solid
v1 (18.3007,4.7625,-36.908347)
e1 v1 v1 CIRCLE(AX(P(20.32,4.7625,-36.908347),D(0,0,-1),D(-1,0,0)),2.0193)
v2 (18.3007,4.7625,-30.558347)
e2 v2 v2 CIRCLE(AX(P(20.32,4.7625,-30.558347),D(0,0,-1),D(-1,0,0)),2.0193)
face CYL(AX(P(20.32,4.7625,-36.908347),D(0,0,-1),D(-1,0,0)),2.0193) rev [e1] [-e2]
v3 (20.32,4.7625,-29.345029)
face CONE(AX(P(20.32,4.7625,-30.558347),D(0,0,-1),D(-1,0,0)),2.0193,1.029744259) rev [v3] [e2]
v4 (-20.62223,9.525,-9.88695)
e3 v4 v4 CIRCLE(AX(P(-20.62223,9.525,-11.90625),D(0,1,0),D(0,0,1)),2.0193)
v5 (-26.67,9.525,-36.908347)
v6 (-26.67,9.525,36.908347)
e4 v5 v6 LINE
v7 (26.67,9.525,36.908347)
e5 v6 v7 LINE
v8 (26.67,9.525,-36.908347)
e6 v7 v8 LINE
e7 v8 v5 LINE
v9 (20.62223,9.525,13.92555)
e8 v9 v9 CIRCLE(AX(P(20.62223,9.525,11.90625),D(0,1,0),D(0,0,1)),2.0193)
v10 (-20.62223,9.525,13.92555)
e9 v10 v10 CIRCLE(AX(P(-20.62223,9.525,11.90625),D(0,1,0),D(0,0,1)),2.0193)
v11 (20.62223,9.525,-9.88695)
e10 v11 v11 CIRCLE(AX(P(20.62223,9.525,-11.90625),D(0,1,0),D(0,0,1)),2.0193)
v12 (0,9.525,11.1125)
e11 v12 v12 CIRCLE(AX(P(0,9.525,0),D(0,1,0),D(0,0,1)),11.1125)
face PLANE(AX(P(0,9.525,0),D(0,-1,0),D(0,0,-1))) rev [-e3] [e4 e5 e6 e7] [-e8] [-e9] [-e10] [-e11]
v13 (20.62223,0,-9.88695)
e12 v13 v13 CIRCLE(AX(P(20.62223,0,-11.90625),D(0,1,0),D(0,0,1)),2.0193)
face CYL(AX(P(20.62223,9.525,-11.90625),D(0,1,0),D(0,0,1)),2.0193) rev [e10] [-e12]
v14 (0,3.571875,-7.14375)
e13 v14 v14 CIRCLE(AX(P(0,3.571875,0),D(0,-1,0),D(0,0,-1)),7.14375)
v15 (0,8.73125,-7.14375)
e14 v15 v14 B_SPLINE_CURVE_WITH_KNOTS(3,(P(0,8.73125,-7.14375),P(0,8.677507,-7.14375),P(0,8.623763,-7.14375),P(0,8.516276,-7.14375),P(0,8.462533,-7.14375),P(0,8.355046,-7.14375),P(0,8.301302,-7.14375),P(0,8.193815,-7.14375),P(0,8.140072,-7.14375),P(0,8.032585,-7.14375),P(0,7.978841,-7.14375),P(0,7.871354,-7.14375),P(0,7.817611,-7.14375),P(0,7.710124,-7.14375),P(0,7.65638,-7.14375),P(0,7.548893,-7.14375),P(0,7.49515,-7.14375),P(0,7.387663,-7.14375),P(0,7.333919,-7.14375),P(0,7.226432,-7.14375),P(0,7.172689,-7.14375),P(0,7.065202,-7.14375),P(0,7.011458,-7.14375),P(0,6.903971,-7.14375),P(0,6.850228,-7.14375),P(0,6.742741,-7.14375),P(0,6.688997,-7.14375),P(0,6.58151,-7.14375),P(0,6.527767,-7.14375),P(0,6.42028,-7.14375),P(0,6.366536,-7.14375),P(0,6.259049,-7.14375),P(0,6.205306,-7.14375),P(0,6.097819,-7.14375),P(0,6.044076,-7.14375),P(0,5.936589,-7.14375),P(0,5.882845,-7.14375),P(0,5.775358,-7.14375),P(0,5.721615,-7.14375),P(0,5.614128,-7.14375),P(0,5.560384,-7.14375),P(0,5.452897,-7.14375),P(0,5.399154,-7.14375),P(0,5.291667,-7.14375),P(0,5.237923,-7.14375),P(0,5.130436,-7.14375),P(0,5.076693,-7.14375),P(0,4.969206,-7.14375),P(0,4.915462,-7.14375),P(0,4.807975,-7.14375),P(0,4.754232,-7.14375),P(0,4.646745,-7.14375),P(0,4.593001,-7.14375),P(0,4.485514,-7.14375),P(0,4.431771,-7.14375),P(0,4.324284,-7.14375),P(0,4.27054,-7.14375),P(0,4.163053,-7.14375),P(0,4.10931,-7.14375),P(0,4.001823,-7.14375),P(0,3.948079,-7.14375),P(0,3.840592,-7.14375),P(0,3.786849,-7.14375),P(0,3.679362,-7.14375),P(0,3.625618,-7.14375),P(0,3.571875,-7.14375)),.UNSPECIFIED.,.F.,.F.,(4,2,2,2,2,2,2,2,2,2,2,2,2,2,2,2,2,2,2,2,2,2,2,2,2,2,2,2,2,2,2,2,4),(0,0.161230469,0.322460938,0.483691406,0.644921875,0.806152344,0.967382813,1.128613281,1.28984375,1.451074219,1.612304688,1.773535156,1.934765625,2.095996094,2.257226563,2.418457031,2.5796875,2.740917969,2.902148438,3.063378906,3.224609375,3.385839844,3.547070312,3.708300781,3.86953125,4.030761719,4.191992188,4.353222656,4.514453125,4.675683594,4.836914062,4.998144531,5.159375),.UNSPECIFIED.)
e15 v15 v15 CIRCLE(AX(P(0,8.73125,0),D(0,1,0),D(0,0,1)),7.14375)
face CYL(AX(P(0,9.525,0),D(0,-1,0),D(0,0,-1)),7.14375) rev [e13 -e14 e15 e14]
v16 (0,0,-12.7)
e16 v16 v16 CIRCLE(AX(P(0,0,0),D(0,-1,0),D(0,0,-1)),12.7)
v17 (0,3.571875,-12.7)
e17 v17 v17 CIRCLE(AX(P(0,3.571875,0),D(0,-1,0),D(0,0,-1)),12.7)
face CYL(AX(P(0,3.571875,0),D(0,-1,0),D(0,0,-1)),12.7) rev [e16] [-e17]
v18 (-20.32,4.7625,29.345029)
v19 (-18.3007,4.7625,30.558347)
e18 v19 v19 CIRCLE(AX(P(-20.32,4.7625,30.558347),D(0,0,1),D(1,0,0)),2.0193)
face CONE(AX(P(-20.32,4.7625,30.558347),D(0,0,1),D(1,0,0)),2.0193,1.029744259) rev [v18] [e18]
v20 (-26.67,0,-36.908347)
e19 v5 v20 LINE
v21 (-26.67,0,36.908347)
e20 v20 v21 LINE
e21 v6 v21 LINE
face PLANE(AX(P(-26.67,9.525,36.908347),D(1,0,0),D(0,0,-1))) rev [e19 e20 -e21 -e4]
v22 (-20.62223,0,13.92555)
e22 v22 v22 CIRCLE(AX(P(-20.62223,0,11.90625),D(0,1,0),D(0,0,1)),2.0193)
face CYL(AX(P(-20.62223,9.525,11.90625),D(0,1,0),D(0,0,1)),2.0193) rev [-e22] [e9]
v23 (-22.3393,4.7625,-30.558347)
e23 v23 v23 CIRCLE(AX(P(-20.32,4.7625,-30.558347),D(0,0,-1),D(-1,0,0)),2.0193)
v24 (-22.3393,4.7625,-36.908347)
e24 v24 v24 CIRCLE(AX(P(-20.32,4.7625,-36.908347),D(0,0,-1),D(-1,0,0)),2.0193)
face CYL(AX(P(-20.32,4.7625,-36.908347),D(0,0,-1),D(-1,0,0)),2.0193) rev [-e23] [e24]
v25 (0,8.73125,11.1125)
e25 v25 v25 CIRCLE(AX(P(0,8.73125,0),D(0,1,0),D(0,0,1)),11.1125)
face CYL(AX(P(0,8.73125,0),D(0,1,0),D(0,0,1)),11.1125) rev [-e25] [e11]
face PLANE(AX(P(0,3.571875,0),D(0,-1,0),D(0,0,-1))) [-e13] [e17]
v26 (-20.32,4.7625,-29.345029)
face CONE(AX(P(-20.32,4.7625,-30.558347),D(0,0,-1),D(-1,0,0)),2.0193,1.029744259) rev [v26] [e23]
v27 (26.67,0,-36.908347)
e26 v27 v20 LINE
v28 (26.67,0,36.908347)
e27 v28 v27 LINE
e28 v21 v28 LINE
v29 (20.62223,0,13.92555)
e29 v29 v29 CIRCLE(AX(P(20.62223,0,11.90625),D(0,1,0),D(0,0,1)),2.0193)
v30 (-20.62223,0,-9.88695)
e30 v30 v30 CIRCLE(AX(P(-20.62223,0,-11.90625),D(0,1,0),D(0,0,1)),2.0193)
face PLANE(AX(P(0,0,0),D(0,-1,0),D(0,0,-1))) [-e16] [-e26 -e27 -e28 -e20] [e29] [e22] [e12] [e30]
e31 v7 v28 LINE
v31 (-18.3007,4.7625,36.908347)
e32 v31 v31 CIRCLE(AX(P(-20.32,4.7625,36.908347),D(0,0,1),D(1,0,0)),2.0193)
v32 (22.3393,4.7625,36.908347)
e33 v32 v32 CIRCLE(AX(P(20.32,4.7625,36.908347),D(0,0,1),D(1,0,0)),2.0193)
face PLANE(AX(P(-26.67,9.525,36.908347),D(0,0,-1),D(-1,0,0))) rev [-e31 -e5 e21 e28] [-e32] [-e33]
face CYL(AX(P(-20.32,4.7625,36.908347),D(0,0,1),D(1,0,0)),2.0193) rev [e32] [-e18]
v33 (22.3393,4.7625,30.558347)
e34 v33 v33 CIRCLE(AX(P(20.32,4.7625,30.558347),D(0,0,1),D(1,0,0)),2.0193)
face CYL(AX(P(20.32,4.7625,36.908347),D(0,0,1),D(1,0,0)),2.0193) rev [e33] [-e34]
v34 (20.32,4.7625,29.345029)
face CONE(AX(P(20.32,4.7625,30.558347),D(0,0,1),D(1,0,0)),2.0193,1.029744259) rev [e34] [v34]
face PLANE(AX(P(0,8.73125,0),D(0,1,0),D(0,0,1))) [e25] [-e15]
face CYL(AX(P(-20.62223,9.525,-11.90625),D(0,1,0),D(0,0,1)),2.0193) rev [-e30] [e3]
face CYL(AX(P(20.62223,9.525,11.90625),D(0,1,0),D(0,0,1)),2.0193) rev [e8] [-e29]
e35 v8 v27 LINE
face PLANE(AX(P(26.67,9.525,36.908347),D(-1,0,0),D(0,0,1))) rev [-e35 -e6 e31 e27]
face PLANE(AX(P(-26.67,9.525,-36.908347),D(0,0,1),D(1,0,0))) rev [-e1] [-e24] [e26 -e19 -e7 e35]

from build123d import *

# Parameters (mm, degrees)
SKETCH2_W                           = 53.34
SKETCH2_H                           = 73.816694632
SKETCH2_R                           = 7.14375
BOSS_EXTRUDE1_DEPTH                 = 9.525
SKETCH3_R                           = 11.1125
CUT_EXTRUDE1_DEPTH                  = 0.79375
SKETCH4_R                           = 12.7
CUT_EXTRUDE2_DEPTH                  = 3.571875
TAP_DRILL_FOR_10_32_TAP1_AT_2_COUNT = 2
TAP_DRILL_FOR_10_32_TAP1_AT_2_PITCH = 40.64
TAP_DRILL_FOR_10_32_TAP2_D          = 4.0386


with BuildPart() as part:
    # Sketch2 → Boss-Extrude1 (new body)
    with BuildSketch(Plane(origin=(0, 0, 0), x_dir=(1, 0, 0), z_dir=(0, 1, 0))):
        Rectangle(SKETCH2_W, SKETCH2_H)
        with Locations(Location((0, 0, 0), (0, 0, 90))):
            Circle(SKETCH2_R, mode=Mode.SUBTRACT)
    extrude(amount=BOSS_EXTRUDE1_DEPTH)

    # Sketch3 → Cut-Extrude1 (cut)
    with BuildSketch(Plane(origin=(0, 9.525, 0), x_dir=(1, 0, 0), z_dir=(0, 1, 0))):
        with Locations(Location((0, 0, 0), (0, 0, 270))):
            Circle(SKETCH3_R)
    extrude(amount=-CUT_EXTRUDE1_DEPTH, mode=Mode.SUBTRACT)

    # Sketch4 → Cut-Extrude2 (cut)
    with BuildSketch(Plane.XZ):
        with Locations(Location((0, 0, 0), (0, 0, 270))):
            Circle(SKETCH4_R)
    extrude(amount=-CUT_EXTRUDE2_DEPTH, mode=Mode.SUBTRACT)

    # Sketch6 → Tap Drill for #10-32 Tap1 (revolve, cut)
    with BuildSketch(Plane(origin=(-20.32, 4.7625, 36.908347316), x_dir=(0, -1, 0), z_dir=(1, 0, 0))):
        Polygon((0, 0), (0, 7.563317848), (2.0193, 6.35), (2.0193, 0), align=None)
    tap_drill_for_10_32_tap1 = revolve(axis=Axis((-20.32, 4.7625, 43.258347316), (0, 0, -1)), mode=Mode.SUBTRACT)

    # Tap Drill for #10-32 Tap1 at 2: Tap Drill for #10-32 Tap1 ×2
    with Locations(*[(i * TAP_DRILL_FOR_10_32_TAP1_AT_2_PITCH, 0, 0) for i in range(1, TAP_DRILL_FOR_10_32_TAP1_AT_2_COUNT)]):
        add(tap_drill_for_10_32_tap1, mode=Mode.SUBTRACT)

    # Mirror1: Tap Drill for #10-32 Tap1 across plane
    add(tap_drill_for_10_32_tap1.mirror(Plane.XY), mode=Mode.SUBTRACT)

    # Mirror1 copy 1 sketch → Mirror1 copy 1 (revolve, cut)
    with BuildSketch(Plane(origin=(20.32, 4.7625, -36.908347316), x_dir=(0, -1, 0), z_dir=(1, 0, 0))):
        Polygon((0, 0), (0, -7.563317848), (2.0193, -6.35), (2.0193, 0), align=None)
    revolve(axis=Axis((20.32, 4.7625, -43.258347316), (0, 0, -1)), mode=Mode.SUBTRACT)

    # Tap Drill for #10-32 Tap2 (through all)
    with Locations(Plane(origin=(0, 9.525, 0), x_dir=(1, 0, 0), z_dir=(0, 1, 0))):
        with Locations((-20.622229928, 11.90625), (-20.622229928, -11.90625), (20.622229928, -11.90625), (20.622229928, 11.90625)):
            Hole(TAP_DRILL_FOR_10_32_TAP2_D / 2)


solid = part.part
